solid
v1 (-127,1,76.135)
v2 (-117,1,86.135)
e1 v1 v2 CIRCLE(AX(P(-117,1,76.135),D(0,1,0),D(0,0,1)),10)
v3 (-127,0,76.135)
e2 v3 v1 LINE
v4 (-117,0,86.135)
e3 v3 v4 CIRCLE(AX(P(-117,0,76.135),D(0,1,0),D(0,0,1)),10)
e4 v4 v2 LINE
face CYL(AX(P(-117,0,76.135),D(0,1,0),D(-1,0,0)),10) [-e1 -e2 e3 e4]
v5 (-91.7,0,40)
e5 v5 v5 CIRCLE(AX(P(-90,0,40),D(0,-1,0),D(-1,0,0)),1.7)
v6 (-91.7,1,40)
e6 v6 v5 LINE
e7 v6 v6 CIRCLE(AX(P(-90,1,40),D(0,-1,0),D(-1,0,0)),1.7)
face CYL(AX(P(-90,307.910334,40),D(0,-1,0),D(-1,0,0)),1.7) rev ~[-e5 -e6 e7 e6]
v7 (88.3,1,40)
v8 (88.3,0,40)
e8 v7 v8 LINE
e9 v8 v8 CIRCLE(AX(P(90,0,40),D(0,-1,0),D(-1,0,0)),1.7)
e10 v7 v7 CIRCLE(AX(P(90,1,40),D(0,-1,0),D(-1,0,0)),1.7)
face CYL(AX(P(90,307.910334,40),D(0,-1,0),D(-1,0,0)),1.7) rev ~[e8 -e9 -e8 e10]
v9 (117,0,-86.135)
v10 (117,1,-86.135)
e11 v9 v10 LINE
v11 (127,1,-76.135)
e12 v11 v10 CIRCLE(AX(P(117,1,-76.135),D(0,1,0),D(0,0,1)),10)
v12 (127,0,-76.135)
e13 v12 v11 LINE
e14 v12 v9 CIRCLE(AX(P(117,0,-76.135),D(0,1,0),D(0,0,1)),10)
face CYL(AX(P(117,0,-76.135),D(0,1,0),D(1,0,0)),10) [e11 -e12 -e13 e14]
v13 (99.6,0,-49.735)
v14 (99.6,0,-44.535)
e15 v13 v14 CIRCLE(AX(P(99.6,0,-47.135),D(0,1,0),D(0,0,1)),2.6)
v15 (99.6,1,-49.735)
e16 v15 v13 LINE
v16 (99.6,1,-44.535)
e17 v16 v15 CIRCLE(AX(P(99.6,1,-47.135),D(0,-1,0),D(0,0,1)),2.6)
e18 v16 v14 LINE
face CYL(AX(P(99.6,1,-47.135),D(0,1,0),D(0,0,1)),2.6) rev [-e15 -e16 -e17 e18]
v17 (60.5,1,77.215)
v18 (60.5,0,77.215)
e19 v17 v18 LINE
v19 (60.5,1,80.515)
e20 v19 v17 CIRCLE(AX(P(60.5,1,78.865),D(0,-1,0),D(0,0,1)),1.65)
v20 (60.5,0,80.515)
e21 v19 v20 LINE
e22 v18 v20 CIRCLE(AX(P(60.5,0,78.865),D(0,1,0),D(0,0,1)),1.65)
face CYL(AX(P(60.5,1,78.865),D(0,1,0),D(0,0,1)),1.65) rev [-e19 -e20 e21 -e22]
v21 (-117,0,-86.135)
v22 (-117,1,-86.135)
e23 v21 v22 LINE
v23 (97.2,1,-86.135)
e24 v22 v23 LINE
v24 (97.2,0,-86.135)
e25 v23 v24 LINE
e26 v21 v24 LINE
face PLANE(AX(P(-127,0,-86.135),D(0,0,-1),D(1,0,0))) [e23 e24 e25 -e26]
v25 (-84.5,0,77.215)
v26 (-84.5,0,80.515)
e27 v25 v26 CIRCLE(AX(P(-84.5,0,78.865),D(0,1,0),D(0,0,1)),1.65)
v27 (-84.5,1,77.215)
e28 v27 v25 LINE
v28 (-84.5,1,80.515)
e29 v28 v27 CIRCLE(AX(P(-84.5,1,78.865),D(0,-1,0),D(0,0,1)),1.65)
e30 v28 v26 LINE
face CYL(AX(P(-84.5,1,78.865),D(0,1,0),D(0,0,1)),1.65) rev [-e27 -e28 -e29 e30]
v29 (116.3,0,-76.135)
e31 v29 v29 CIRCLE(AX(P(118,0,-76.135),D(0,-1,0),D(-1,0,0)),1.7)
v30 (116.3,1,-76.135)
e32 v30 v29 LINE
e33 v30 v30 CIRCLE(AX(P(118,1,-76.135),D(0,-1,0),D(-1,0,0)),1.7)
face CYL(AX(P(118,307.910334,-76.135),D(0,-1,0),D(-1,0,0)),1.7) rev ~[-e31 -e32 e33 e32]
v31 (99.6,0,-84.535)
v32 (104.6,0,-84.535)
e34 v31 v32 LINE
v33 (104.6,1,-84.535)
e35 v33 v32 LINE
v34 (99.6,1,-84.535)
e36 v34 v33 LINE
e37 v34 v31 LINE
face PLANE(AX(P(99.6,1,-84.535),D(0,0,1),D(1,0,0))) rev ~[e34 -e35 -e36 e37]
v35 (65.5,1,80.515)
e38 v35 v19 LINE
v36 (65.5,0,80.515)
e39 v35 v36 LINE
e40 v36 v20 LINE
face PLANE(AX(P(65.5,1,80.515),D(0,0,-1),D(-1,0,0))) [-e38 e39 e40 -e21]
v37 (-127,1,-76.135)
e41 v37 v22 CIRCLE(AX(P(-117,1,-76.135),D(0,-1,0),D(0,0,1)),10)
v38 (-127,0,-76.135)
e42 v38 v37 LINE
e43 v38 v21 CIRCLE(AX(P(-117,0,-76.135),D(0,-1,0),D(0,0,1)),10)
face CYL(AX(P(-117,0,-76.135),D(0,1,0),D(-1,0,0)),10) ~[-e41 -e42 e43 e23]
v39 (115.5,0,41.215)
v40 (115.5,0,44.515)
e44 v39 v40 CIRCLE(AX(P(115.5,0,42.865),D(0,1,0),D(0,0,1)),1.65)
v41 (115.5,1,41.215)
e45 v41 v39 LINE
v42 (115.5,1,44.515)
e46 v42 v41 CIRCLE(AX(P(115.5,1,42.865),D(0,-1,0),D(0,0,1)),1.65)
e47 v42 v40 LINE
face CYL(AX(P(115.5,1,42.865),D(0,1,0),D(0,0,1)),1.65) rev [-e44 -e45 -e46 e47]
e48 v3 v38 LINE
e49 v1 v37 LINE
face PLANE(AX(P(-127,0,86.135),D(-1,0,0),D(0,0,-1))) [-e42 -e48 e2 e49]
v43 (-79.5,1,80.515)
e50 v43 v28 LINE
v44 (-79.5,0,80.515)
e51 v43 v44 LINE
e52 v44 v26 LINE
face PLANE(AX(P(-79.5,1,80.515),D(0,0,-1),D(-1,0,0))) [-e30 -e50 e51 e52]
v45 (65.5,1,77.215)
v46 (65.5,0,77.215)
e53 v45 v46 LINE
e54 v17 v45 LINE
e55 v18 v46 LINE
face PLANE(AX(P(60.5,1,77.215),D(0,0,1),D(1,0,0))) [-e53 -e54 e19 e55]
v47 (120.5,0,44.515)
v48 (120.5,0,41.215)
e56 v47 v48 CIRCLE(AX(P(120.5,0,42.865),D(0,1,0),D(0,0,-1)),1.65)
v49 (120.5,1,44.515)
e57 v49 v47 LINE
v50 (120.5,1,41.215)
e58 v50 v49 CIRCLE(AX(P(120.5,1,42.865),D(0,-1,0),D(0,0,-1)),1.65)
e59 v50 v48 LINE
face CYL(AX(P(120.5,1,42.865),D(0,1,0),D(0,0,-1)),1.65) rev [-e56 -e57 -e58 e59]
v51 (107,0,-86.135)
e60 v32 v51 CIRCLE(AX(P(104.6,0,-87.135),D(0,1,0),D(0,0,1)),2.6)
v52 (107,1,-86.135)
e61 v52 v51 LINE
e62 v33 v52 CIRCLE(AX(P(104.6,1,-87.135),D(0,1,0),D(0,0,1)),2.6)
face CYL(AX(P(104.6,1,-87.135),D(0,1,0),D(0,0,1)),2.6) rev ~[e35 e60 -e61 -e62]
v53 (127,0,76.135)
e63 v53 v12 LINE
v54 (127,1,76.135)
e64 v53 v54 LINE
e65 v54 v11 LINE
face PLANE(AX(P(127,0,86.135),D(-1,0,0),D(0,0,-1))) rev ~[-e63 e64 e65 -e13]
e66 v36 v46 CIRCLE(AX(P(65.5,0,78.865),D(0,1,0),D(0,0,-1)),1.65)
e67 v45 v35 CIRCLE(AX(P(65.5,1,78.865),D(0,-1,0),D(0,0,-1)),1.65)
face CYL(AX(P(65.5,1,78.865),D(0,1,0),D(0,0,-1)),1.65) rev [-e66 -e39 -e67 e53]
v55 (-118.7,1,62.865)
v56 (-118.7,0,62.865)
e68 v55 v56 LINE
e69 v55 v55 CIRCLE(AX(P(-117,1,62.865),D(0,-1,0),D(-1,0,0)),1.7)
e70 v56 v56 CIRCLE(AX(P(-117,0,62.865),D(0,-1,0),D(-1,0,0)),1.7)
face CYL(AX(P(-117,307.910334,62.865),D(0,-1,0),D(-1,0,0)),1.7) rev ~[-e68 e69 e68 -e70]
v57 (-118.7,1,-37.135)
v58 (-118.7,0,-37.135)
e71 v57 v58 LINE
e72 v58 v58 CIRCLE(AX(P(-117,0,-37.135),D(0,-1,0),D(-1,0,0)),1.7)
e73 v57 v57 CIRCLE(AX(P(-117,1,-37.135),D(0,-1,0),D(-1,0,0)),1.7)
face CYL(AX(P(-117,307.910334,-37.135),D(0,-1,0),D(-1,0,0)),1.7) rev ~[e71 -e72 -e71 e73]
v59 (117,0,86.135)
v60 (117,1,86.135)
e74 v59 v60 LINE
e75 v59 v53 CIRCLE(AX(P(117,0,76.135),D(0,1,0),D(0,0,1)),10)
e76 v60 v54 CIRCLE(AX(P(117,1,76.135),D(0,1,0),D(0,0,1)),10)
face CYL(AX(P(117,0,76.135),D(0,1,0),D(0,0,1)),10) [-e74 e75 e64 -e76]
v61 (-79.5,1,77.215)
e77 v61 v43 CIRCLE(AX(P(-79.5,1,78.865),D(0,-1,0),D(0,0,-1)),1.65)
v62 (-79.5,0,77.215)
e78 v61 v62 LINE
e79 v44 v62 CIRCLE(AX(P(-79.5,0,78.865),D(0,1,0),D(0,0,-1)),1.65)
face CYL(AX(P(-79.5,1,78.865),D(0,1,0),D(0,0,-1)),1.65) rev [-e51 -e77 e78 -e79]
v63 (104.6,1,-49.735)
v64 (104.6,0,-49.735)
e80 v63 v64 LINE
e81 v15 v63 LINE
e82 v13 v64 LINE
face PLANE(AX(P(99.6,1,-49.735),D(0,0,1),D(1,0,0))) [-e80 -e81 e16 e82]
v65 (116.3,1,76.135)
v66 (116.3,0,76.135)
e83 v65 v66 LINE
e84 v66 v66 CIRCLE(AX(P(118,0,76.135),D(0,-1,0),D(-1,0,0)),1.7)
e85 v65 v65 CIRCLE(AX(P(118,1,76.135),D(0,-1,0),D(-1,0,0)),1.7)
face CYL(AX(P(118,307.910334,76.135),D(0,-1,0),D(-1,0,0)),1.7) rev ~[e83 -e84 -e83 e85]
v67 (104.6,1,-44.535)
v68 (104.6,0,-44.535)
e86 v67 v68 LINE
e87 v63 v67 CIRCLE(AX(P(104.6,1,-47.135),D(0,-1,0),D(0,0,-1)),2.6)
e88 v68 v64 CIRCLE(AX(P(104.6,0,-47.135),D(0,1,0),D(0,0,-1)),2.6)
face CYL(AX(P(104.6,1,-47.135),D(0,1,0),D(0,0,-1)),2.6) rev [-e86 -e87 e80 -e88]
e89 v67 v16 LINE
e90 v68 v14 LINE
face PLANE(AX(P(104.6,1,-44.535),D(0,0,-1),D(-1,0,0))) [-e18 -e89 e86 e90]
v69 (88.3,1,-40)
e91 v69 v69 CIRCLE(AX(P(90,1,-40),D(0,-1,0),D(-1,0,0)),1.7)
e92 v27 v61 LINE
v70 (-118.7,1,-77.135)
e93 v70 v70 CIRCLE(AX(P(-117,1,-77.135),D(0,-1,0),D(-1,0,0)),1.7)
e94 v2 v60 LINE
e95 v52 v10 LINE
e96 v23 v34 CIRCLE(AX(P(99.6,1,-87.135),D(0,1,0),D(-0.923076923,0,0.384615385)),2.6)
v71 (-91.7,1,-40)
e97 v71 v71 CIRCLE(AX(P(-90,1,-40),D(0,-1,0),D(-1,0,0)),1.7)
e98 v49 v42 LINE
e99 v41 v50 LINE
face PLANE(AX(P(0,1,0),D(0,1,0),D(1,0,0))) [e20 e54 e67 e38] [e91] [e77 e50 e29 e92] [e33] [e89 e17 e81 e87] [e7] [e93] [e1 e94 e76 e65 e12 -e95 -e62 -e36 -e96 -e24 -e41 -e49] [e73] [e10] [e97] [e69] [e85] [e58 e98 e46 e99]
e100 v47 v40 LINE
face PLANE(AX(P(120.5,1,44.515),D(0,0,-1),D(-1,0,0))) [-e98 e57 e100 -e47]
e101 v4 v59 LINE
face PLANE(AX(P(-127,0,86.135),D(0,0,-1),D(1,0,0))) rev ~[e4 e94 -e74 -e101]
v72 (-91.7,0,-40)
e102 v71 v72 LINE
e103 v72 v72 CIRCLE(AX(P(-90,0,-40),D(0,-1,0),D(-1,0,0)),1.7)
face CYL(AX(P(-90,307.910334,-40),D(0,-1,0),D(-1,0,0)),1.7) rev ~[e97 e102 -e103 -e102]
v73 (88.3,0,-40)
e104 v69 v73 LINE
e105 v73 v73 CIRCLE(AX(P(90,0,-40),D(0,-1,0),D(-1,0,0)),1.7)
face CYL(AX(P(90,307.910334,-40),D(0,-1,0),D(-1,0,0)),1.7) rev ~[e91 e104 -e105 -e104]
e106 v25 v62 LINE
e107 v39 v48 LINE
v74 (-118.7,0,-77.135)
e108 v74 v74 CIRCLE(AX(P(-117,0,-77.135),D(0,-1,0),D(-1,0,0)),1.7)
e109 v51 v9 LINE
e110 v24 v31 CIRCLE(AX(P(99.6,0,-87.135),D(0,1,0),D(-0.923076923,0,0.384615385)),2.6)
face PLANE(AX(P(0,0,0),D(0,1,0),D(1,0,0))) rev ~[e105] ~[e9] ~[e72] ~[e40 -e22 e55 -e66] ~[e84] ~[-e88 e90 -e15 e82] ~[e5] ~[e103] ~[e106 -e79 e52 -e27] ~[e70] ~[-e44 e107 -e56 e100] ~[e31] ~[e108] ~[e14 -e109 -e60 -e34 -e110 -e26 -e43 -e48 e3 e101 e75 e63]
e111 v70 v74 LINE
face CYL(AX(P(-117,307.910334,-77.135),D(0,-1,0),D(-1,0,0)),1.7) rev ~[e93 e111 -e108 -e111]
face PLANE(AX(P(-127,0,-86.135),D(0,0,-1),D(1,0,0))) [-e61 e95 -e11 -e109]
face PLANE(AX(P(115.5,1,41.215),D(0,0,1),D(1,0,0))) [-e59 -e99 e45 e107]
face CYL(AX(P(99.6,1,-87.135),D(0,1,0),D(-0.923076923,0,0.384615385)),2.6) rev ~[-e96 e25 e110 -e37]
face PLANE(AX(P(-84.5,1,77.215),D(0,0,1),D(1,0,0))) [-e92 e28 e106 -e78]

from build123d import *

# Parameters (mm, degrees)
SKETCH1_W            = 254
SKETCH1_H            = 172.27
BOSS_EXTRUDE1_DEPTH  = 1
FILLET1_R            = 10
M3_CLEARANCE_HOLE1_D = 3.4
CUT_EXTRUDE2_DEPTH   = 154.457610515


with BuildPart() as part:
    # Sketch1 → Boss-Extrude1 (new body)
    with BuildSketch(Plane(origin=(0, 0, 0), x_dir=(1, 0, 0), z_dir=(0, 1, 0))):
        Rectangle(SKETCH1_W, SKETCH1_H)
    extrude(amount=BOSS_EXTRUDE1_DEPTH)

    # Fillet1
    fillet1_edges = [part.edges().sort_by_distance(p)[0] for p in [
        (127, 0.5, 86.135),
        (-127, 0.5, 86.135),
        (-127, 0.5, -86.135),
        (127, 0.5, -86.135),
    ]]
    fillet(fillet1_edges, radius=FILLET1_R)

    # M3 Clearance Hole1 (through all)
    with Locations(Plane(origin=(0, 1, 0), x_dir=(1, 0, 0), z_dir=(0, 1, 0))):
        with Locations((-117, 77.135), (-117, -62.865), (118, -76.135), (118, 76.135), (-90, -40), (90, -40), (-90, 40), (90, 40), (-117, 37.135)):
            Hole(M3_CLEARANCE_HOLE1_D / 2)

    # Sketch6 → Cut-Extrude2 (cut, through all)
    with BuildSketch(Plane(origin=(0, 1, 0), x_dir=(1, 0, 0), z_dir=(0, 1, 0))):
        with BuildLine():
            Line((-79.5, -80.515), (-84.5, -80.515))
            ThreePointArc((-84.5, -80.515), (-86.15, -78.865), (-84.5, -77.215))
            Line((-84.5, -77.215), (-79.5, -77.215))
            ThreePointArc((-79.5, -77.215), (-77.85, -78.865), (-79.5, -80.515))
        make_face()
        with BuildLine():
            Line((120.5, -44.515), (115.5, -44.515))
            ThreePointArc((115.5, -44.515), (113.85, -42.865), (115.5, -41.215))
            Line((115.5, -41.215), (120.5, -41.215))
            ThreePointArc((120.5, -41.215), (122.15, -42.865), (120.5, -44.515))
        make_face()
        with BuildLine():
            Line((65.5, -80.515), (60.5, -80.515))
            ThreePointArc((60.5, -80.515), (58.85, -78.865), (60.5, -77.215))
            Line((60.5, -77.215), (65.5, -77.215))
            ThreePointArc((65.5, -77.215), (67.15, -78.865), (65.5, -80.515))
        make_face()
        with BuildLine():
            Line((104.6, 44.535), (99.6, 44.535))
            ThreePointArc((99.6, 44.535), (97, 47.135), (99.6, 49.735))
            Line((99.6, 49.735), (104.6, 49.735))
            ThreePointArc((104.6, 49.735), (107.2, 47.135), (104.6, 44.535))
        make_face()
        with BuildLine():
            Line((107, 86.135), (97.2, 86.135))
            ThreePointArc((97.2, 86.135), (98.15777949, 84.971669235), (99.6, 84.535))
            Line((99.6, 84.535), (104.6, 84.535))
            ThreePointArc((104.6, 84.535), (106.04222051, 84.971669235), (107, 86.135))
        make_face()
    extrude(amount=-CUT_EXTRUDE2_DEPTH, mode=Mode.SUBTRACT)


solid = part.part
